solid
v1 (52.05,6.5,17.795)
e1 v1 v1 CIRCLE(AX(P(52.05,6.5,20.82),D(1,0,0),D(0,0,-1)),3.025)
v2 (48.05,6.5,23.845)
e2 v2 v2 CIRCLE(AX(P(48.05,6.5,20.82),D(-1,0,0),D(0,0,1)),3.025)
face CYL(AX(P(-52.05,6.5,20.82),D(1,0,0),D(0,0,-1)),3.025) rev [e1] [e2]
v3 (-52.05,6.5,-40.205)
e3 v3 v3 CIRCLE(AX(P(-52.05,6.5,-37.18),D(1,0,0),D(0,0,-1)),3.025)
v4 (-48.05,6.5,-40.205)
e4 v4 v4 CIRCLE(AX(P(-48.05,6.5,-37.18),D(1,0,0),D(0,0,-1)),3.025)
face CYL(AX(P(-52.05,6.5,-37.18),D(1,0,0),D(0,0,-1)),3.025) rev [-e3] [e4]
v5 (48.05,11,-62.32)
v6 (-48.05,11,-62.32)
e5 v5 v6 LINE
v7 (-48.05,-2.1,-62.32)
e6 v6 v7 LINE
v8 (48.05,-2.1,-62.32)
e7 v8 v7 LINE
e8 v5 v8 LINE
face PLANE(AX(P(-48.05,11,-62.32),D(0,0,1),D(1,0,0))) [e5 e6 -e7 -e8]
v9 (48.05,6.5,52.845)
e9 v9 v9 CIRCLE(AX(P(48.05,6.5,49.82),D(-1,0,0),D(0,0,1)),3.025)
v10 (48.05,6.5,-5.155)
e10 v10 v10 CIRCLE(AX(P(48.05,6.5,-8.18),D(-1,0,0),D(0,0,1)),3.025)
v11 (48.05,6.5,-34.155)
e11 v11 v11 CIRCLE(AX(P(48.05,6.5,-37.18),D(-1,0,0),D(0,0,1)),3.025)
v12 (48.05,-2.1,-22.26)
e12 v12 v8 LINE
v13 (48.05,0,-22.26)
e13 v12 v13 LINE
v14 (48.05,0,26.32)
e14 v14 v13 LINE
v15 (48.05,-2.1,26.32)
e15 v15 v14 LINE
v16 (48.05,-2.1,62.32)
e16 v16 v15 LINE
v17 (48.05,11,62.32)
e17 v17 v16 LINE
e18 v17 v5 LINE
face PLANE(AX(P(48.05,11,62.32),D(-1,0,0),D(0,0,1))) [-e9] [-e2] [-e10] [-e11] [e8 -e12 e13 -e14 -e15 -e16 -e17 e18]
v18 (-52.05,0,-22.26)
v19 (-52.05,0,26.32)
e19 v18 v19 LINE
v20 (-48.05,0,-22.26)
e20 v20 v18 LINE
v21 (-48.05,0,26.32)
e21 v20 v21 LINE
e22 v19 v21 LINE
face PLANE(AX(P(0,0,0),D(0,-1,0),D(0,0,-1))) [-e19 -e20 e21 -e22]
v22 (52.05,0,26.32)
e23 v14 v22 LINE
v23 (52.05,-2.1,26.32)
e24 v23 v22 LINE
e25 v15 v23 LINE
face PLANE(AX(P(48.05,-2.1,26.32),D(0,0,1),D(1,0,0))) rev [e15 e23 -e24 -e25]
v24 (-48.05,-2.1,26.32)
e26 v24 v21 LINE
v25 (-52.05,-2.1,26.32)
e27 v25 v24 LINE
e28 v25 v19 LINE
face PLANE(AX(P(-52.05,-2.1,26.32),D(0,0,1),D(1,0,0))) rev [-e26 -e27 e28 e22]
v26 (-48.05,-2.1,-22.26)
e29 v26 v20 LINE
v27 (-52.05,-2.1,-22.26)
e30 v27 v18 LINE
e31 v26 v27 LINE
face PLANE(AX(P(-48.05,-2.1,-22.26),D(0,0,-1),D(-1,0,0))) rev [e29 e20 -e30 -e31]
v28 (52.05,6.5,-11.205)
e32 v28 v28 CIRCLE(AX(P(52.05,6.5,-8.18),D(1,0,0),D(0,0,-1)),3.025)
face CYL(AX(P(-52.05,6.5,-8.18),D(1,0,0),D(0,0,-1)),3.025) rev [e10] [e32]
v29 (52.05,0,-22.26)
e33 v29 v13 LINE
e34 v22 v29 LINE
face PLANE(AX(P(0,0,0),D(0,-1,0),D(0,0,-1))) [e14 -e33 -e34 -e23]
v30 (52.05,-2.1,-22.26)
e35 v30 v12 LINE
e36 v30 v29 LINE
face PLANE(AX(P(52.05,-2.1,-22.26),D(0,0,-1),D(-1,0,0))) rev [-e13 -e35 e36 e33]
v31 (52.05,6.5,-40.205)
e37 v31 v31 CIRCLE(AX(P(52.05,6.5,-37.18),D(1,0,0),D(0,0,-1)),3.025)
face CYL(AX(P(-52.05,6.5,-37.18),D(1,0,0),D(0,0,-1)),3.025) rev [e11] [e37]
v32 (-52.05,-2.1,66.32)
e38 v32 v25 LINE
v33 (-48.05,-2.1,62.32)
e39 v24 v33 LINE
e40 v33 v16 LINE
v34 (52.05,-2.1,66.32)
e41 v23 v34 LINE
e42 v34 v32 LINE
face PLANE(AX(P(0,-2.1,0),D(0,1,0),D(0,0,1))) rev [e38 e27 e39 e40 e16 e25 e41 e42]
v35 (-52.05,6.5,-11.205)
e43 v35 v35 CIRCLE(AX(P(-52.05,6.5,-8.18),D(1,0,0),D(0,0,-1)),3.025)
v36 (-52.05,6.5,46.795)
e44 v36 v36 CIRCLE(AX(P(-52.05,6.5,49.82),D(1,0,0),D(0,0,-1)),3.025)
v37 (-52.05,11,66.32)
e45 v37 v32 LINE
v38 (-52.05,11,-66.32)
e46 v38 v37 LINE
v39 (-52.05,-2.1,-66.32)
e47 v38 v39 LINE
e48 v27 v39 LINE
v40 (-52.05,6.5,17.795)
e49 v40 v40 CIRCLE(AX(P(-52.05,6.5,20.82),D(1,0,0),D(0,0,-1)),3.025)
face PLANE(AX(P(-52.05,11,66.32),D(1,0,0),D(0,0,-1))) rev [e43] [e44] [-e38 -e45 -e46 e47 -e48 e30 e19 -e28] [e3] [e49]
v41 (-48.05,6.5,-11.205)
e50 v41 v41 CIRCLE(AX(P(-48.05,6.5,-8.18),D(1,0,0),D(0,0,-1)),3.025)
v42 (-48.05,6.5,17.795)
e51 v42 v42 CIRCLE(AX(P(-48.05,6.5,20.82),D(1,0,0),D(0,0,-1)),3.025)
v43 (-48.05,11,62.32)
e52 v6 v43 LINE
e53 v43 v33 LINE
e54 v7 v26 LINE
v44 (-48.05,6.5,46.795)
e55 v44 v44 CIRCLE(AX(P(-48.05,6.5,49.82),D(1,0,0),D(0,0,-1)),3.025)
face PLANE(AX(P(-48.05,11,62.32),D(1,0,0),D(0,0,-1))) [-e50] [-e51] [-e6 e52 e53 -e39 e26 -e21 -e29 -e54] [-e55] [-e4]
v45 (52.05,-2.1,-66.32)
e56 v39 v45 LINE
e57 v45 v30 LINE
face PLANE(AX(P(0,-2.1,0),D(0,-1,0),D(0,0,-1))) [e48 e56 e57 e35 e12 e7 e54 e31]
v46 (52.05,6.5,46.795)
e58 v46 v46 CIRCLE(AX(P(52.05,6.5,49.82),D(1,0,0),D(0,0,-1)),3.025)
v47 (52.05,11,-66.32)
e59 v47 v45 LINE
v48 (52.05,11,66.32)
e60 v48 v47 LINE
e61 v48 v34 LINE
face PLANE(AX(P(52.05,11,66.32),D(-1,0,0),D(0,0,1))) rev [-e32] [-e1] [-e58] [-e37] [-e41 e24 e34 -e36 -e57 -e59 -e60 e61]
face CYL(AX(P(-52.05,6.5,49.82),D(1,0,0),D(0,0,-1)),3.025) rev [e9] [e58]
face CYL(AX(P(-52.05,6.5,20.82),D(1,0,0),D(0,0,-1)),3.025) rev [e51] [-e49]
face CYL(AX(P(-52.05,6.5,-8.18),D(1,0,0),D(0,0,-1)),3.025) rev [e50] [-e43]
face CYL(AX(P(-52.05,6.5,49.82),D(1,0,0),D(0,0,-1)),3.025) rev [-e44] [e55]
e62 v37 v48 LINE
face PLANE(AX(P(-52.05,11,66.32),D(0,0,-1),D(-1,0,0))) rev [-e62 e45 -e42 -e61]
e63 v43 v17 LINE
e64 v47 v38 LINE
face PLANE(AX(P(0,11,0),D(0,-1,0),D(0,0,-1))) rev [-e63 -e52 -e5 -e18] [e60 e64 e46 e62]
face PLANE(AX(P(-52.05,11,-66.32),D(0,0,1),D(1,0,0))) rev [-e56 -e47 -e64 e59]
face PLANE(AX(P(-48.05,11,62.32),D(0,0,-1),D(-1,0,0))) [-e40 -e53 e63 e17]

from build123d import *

# Parameters (mm, degrees)
SKETCH1_W           = 104.1
SKETCH1_H           = 132.64
SKETCH1_W_2         = 96.1
SKETCH1_H_2         = 124.64
BOSS_EXTRUDE1_DEPTH = 11
SKETCH3_R           = 3.025
CUT_EXTRUDE1_DEPTH  = 124.919943512
LPATTERN1_COUNT     = 4
LPATTERN1_PITCH     = 29
BOSS_EXTRUDE2_DEPTH = 2.1


with BuildPart() as part:
    # Sketch1 → Boss-Extrude1 (new body)
    with BuildSketch(Plane(origin=(0, 0, 0), x_dir=(1, 0, 0), z_dir=(0, 1, 0))):
        Rectangle(SKETCH1_W, SKETCH1_H)
        Rectangle(SKETCH1_W_2, SKETCH1_H_2, mode=Mode.SUBTRACT)
    extrude(amount=BOSS_EXTRUDE1_DEPTH)

    # Sketch3 → Cut-Extrude1 (cut, through all)
    with BuildSketch(Plane(origin=(52.05, 0, 0), x_dir=(0, 0, -1), z_dir=(1, 0, 0))):
        with Locations((-49.82, 6.5)):
            Circle(SKETCH3_R)
    cut_extrude1 = extrude(amount=-CUT_EXTRUDE1_DEPTH, mode=Mode.SUBTRACT)

    # LPattern1: Cut-Extrude1 ×4
    with Locations(*[(0, 0, -i * LPATTERN1_PITCH) for i in range(1, LPATTERN1_COUNT)]):
        add(cut_extrude1, mode=Mode.SUBTRACT)

    # Sketch5 → Boss-Extrude2 (add)
    with BuildSketch(Plane.XZ):
        Polygon((48.05, 62.32), (48.05, 26.32), (52.05, 26.32), (52.05, 66.32), (-52.05, 66.32), (-52.05, 26.32), (-48.05, 26.32), (-48.05, 62.32), align=None)
        Polygon((-48.05, -22.26), (-52.05, -22.26), (-52.05, -66.32), (52.05, -66.32), (52.05, -22.26), (48.05, -22.26), (48.05, -62.32), (-48.05, -62.32), align=None)
    extrude(amount=BOSS_EXTRUDE2_DEPTH)


solid = part.part
